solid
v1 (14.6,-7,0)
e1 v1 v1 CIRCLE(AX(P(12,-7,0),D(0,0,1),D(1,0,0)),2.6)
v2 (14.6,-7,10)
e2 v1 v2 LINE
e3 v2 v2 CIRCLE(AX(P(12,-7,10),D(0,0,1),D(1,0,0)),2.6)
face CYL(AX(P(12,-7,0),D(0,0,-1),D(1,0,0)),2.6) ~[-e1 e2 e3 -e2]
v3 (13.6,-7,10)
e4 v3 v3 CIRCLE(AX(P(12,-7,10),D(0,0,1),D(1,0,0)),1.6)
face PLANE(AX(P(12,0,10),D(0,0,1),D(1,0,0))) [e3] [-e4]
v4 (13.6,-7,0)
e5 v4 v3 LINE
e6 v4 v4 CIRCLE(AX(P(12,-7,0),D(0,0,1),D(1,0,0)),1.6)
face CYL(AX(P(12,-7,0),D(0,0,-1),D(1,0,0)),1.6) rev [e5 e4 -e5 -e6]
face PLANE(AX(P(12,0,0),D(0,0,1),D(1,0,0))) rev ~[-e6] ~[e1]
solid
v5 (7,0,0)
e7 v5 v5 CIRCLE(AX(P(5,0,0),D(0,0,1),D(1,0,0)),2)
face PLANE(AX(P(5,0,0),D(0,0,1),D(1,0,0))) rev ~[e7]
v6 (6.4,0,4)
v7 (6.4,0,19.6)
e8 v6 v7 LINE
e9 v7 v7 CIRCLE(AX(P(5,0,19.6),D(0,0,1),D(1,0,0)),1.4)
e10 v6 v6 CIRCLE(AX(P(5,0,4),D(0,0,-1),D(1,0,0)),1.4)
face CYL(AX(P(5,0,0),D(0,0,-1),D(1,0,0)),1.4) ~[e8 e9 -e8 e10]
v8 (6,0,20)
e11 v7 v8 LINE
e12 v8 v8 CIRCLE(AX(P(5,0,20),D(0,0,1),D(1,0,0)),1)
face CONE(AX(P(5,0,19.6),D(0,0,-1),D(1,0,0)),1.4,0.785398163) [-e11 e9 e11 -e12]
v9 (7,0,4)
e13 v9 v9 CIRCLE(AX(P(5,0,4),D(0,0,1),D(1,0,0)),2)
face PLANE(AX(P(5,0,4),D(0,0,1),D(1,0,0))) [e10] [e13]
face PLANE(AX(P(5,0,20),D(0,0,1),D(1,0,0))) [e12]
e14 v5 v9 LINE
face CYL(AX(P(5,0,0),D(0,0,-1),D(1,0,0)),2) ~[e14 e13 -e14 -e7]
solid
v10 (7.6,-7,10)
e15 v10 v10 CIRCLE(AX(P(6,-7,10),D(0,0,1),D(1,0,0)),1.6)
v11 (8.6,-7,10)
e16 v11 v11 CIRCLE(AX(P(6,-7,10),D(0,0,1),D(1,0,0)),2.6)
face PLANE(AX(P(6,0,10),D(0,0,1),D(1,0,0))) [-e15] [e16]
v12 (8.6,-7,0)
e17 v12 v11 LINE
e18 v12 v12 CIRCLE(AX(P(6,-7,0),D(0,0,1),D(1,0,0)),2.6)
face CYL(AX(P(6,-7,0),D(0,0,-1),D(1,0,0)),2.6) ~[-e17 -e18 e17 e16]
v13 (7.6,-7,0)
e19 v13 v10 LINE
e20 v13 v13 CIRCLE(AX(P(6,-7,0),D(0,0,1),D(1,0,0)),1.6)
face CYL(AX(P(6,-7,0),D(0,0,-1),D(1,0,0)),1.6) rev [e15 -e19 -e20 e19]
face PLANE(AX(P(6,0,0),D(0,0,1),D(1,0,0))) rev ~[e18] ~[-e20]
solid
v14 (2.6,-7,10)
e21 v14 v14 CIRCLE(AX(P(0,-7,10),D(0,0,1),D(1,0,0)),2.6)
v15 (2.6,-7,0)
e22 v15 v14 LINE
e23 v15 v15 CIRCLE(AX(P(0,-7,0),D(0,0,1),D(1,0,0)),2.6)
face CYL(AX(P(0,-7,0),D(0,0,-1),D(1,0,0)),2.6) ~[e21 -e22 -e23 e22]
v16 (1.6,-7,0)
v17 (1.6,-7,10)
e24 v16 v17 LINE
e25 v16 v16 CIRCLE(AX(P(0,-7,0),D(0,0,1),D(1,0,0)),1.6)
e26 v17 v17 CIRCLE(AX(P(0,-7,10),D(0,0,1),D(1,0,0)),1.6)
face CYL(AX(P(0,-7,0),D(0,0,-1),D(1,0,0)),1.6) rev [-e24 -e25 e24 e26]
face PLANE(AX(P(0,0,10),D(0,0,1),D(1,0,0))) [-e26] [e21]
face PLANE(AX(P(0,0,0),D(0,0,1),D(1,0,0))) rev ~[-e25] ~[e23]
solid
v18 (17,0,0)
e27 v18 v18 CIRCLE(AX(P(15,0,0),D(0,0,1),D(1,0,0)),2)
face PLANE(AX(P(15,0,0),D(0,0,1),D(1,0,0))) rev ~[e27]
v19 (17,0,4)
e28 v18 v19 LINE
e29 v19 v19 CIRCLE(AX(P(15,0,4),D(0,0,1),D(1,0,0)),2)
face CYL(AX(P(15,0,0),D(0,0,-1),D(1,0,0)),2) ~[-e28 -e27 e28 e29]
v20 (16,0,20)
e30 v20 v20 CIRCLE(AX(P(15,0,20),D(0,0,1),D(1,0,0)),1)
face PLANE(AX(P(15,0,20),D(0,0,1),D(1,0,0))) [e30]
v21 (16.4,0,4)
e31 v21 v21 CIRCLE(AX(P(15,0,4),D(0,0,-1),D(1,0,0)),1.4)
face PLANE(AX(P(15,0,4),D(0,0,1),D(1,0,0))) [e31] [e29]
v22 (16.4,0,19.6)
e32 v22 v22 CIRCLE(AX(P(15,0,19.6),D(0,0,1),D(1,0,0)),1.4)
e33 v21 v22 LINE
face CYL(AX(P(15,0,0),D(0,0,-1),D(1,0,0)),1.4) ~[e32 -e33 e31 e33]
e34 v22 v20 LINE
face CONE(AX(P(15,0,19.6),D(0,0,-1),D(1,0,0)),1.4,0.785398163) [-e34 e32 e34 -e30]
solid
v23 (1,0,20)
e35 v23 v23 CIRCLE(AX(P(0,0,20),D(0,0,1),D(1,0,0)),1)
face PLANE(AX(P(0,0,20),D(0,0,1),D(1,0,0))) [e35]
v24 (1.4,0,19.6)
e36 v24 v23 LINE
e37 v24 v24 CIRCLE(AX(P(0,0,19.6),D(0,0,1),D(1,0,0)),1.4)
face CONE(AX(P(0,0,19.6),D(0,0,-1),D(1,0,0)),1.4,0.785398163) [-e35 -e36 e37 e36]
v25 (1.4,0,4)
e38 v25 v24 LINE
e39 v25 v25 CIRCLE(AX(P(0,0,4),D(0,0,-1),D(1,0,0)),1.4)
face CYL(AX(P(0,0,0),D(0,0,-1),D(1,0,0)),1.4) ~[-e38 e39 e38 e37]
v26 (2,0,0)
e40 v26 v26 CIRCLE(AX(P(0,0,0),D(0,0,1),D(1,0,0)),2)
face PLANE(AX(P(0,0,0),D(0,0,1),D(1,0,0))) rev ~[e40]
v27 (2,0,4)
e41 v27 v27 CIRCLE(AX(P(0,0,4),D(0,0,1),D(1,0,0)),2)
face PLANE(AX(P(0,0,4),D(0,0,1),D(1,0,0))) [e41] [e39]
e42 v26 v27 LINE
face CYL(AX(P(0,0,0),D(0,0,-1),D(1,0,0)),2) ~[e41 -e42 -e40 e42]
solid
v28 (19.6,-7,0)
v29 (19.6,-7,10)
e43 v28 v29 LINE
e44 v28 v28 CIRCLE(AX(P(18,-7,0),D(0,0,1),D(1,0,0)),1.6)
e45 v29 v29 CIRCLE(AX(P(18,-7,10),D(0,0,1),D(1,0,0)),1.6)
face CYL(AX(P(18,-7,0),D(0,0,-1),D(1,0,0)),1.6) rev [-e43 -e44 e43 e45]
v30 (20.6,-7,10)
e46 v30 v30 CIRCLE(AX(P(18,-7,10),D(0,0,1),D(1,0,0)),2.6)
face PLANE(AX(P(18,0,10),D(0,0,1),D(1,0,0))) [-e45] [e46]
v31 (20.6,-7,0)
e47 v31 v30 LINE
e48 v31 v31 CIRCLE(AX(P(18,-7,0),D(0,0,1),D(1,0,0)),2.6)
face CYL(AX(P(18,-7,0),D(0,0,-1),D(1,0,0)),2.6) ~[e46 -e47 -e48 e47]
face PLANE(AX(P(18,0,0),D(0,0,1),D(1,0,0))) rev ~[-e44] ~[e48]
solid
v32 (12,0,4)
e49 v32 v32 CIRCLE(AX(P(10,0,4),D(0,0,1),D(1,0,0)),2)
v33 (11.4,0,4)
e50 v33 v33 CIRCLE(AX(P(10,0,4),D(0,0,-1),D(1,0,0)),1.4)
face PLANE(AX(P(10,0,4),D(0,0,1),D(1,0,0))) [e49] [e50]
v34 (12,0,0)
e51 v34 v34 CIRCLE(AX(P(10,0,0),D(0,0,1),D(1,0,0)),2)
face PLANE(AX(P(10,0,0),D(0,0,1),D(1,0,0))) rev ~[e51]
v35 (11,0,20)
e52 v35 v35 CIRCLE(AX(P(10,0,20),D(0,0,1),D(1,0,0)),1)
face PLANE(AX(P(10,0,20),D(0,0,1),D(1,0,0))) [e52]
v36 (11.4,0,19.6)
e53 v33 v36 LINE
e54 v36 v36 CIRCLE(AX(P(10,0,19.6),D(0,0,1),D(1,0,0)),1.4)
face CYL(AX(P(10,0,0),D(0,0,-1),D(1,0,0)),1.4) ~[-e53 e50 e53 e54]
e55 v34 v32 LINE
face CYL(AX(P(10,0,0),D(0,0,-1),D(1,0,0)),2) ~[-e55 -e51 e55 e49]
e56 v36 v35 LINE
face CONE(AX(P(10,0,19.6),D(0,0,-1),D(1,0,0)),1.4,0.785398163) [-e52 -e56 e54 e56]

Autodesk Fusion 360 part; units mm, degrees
sketch "Sketch1" plane through (0, 0, 0) normal (0, 0, 1) x (1, 0, 0)
  circle A0 centre (0, 0) radius 1.4
  dimension "d2" = 2.8
extrude "Extrude1" add sketch "Sketch1" along normal blind 20 makes body 1
sketch "Sketch2" plane through (0, 0, 0) normal (0, 0, 1) x (1, 0, 0)
  circle A0 centre (0, 0) radius 2
  dimension "d6" = 4
extrude "Extrude2" add sketch "Sketch2" along normal blind 4 bodies 1
copy_body "Body->Comp1" bodies 1 removing the originals makes body 2 in component "Component"
sketch "Sketch3" plane through (0, 0, 0) normal (0, 0, 1) x (1, 0, 0)
  circle A0 centre (0, -7) radius 1.6
  circle A1 centre (0, -7) radius 2.6
  dimension "d9" = 3.2
  dimension "d10" = 5.2
extrude "Extrude3" add sketch "Sketch3" along normal blind 10 separate body makes body 3
copy_body "Body->Comp2" bodies 3 removing the originals makes body 4 in component "Component'"
chamfer "Chamfer1" distance 0.4 angle 45 1 edges at (-1.3053, -0.5063, 20) on bodies 2 in component "Component"
sketch "Sketch4" plane through (0, 0, 0) normal (0, 0, 1) x (1, 0, 0)
component "Component" placed x (1, 0, 0) y (0, 1, 0) z (0, 0, 1) at (0, 0, 0)
component "Component" placed x (1, 0, 0) y (0, 1, 0) z (0, 0, 1) at (5, 0, 0)
component "Component" placed x (1, 0, 0) y (0, 1, 0) z (0, 0, 1) at (10, 0, 0)
component "Component" placed x (1, 0, 0) y (0, 1, 0) z (0, 0, 1) at (15, 0, 0)
component "Component'" placed x (1, 0, 0) y (0, 1, 0) z (0, 0, 1) at (0, 0, 0)
component "Component'" placed x (1, 0, 0) y (0, 1, 0) z (0, 0, 1) at (6, 0, 0)
component "Component'" placed x (1, 0, 0) y (0, 1, 0) z (0, 0, 1) at (12, 0, 0)
component "Component'" placed x (1, 0, 0) y (0, 1, 0) z (0, 0, 1) at (18, 0, 0)
equation "hole_diameter = 3.2 mm"
equation "circle_height = 20 mm"
equation "d4 = circle_height"
